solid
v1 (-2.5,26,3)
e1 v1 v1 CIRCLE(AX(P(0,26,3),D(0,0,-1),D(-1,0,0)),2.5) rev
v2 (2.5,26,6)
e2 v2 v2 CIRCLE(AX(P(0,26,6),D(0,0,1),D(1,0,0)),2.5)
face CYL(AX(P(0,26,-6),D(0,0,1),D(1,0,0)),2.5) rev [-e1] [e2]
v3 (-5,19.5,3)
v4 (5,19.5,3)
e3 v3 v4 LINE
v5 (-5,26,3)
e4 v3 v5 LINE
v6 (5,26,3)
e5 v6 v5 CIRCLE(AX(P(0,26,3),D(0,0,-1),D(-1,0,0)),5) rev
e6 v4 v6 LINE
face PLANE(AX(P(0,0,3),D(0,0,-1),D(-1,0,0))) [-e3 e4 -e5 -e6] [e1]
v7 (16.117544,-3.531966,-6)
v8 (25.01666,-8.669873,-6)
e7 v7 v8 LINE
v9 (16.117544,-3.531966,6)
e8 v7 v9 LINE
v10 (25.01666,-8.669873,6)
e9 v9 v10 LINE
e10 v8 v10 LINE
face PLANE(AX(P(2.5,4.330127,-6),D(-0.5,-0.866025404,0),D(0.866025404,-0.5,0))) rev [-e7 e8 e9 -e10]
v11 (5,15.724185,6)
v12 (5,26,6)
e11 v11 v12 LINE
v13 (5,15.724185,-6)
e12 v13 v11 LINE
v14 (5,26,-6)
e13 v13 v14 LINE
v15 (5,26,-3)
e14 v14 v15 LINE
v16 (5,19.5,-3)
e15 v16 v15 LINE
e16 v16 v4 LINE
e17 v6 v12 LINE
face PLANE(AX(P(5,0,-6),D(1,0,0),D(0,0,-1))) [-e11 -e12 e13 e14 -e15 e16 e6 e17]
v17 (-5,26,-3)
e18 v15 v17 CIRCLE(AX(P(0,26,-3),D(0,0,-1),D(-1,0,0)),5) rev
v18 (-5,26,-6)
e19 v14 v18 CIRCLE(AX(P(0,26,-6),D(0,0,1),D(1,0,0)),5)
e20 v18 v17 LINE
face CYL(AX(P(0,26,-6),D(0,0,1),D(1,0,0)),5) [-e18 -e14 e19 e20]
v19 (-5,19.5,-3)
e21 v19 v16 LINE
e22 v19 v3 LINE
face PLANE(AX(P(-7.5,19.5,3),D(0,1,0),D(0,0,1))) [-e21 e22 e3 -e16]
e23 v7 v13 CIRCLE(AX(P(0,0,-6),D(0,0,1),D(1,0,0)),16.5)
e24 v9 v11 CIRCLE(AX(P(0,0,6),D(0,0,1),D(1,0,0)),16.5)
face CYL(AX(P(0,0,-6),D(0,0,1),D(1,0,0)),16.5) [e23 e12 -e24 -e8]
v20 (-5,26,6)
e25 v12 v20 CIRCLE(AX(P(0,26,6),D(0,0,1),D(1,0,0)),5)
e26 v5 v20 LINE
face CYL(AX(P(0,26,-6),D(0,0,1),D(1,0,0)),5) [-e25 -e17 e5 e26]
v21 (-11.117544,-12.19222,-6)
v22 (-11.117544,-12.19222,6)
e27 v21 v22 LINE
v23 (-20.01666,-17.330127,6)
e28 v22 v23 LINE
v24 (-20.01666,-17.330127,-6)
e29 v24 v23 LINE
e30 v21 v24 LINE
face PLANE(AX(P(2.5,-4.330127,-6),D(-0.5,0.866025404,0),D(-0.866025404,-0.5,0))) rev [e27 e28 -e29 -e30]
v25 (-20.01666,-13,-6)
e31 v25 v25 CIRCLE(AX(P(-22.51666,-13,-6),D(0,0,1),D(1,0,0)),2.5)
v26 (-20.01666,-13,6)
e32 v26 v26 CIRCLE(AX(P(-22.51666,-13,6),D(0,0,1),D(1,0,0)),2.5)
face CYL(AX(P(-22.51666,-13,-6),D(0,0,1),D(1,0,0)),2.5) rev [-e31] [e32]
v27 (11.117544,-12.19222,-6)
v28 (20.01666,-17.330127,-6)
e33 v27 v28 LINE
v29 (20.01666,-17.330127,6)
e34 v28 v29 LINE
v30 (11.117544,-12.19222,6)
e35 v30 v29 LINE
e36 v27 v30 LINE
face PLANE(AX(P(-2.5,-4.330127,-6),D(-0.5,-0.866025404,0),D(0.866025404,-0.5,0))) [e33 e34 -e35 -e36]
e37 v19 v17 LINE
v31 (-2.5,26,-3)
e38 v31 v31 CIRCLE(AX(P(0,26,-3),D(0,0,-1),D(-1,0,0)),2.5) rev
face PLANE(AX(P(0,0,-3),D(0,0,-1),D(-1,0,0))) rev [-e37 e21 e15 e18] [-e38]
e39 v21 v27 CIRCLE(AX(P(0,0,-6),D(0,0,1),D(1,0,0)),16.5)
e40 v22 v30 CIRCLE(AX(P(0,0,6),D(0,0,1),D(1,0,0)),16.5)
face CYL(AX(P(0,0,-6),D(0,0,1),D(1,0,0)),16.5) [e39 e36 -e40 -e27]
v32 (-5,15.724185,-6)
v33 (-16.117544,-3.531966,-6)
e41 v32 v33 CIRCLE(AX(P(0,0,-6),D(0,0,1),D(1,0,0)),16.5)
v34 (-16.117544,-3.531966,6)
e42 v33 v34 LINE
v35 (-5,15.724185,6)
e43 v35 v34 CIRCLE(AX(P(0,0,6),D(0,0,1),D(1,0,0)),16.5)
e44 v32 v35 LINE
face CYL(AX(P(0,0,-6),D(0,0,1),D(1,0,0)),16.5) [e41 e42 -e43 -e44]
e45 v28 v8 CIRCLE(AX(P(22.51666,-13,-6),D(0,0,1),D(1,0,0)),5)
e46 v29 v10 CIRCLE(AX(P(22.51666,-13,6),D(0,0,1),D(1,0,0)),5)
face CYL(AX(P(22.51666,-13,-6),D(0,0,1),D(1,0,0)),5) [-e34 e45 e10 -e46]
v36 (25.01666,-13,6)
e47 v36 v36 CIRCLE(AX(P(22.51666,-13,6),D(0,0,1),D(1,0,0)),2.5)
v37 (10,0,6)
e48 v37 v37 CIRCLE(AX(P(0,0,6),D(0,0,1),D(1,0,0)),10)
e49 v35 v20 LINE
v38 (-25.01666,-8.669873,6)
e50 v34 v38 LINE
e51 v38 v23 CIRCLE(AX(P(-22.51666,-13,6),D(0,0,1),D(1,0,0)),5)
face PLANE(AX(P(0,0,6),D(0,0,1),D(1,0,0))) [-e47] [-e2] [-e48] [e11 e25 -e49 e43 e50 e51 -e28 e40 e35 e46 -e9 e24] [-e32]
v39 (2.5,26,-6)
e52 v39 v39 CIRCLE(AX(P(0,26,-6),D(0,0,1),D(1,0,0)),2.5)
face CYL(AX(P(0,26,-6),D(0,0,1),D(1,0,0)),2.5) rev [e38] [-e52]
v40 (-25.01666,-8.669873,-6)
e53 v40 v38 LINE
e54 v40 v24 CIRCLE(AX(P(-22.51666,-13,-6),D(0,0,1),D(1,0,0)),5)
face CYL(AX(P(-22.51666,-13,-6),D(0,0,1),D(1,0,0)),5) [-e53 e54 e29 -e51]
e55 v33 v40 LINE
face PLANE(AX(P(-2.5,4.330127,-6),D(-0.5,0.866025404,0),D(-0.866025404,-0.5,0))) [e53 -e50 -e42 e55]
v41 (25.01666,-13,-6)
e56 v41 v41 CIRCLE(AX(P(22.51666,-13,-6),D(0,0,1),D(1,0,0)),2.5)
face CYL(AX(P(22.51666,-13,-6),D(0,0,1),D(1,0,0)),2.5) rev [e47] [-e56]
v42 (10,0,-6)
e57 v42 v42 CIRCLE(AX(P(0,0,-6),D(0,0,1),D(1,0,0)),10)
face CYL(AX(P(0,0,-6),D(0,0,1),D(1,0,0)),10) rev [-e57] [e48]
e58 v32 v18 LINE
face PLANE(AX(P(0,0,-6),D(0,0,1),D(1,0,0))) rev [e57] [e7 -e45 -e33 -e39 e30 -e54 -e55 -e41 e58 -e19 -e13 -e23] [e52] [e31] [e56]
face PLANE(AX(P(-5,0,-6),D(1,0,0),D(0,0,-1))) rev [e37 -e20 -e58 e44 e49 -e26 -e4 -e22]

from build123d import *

# Parameters (mm, degrees)
EXTRUDE_1_DEPTH          = 6
EXTRUDE_1_DEPTH_BACK     = 6
SKETCH_1_R               = 10
SKETCH_1_R_2             = 2.5
CUT_EXTRUDE_1_DEPTH      = 3
CUT_EXTRUDE_1_DEPTH_BACK = 3
SKETCH_2_W               = 15
SKETCH_2_H               = 13


with BuildPart() as part:
    # Эскиз1 → Бобышка-Вытянуть1 (new, two sides: drawn at the far end of the back side and taken through both)
    with BuildSketch(Plane.XY.offset(-EXTRUDE_1_DEPTH_BACK)):
        with BuildLine():
            ThreePointArc((-5, 15.724185194), (-14.289419162, 8.25), (-16.117543831, -3.531965578))
            Line((-16.117543831, -3.531965578), (-25.016660498, -8.669872981))
            ThreePointArc((-25.016660498, -8.669872981), (-26.846787517, -15.5), (-20.016660498, -17.330127019))
            Line((-20.016660498, -17.330127019), (-11.117543831, -12.192219616))
            ThreePointArc((-11.117543831, -12.192219616), (0, -16.5), (11.117543831, -12.192219616))
            Line((11.117543831, -12.192219616), (20.016660498, -17.330127019))
            ThreePointArc((20.016660498, -17.330127019), (26.846787517, -15.5), (25.016660498, -8.669872981))
            Line((25.016660498, -8.669872981), (16.117543831, -3.531965578))
            ThreePointArc((16.117543831, -3.531965578), (14.289419162, 8.25), (5, 15.724185194))
            Line((5, 15.724185194), (5, 26))
            ThreePointArc((5, 26), (0, 31), (-5, 26))
            Line((-5, 26), (-5, 15.724185194))
        make_face()
        Circle(SKETCH_1_R, mode=Mode.SUBTRACT)
        with Locations((-22.516660498, -13)):
            Circle(SKETCH_1_R_2, mode=Mode.SUBTRACT)
        with Locations((0, 26)):
            Circle(SKETCH_1_R_2, mode=Mode.SUBTRACT)
        with Locations((22.516660498, -13)):
            Circle(SKETCH_1_R_2, mode=Mode.SUBTRACT)
    extrude(amount=EXTRUDE_1_DEPTH + EXTRUDE_1_DEPTH_BACK)

    # Эскиз2 → Вырез-Вытянуть1 (cut, two sides: drawn at the far end of the back side and taken through both)
    with BuildSketch(Plane.XY.offset(-CUT_EXTRUDE_1_DEPTH_BACK)):
        with Locations((0, 26)):
            Rectangle(SKETCH_2_W, SKETCH_2_H)
    extrude(amount=CUT_EXTRUDE_1_DEPTH + CUT_EXTRUDE_1_DEPTH_BACK, mode=Mode.SUBTRACT)


solid = part.part
